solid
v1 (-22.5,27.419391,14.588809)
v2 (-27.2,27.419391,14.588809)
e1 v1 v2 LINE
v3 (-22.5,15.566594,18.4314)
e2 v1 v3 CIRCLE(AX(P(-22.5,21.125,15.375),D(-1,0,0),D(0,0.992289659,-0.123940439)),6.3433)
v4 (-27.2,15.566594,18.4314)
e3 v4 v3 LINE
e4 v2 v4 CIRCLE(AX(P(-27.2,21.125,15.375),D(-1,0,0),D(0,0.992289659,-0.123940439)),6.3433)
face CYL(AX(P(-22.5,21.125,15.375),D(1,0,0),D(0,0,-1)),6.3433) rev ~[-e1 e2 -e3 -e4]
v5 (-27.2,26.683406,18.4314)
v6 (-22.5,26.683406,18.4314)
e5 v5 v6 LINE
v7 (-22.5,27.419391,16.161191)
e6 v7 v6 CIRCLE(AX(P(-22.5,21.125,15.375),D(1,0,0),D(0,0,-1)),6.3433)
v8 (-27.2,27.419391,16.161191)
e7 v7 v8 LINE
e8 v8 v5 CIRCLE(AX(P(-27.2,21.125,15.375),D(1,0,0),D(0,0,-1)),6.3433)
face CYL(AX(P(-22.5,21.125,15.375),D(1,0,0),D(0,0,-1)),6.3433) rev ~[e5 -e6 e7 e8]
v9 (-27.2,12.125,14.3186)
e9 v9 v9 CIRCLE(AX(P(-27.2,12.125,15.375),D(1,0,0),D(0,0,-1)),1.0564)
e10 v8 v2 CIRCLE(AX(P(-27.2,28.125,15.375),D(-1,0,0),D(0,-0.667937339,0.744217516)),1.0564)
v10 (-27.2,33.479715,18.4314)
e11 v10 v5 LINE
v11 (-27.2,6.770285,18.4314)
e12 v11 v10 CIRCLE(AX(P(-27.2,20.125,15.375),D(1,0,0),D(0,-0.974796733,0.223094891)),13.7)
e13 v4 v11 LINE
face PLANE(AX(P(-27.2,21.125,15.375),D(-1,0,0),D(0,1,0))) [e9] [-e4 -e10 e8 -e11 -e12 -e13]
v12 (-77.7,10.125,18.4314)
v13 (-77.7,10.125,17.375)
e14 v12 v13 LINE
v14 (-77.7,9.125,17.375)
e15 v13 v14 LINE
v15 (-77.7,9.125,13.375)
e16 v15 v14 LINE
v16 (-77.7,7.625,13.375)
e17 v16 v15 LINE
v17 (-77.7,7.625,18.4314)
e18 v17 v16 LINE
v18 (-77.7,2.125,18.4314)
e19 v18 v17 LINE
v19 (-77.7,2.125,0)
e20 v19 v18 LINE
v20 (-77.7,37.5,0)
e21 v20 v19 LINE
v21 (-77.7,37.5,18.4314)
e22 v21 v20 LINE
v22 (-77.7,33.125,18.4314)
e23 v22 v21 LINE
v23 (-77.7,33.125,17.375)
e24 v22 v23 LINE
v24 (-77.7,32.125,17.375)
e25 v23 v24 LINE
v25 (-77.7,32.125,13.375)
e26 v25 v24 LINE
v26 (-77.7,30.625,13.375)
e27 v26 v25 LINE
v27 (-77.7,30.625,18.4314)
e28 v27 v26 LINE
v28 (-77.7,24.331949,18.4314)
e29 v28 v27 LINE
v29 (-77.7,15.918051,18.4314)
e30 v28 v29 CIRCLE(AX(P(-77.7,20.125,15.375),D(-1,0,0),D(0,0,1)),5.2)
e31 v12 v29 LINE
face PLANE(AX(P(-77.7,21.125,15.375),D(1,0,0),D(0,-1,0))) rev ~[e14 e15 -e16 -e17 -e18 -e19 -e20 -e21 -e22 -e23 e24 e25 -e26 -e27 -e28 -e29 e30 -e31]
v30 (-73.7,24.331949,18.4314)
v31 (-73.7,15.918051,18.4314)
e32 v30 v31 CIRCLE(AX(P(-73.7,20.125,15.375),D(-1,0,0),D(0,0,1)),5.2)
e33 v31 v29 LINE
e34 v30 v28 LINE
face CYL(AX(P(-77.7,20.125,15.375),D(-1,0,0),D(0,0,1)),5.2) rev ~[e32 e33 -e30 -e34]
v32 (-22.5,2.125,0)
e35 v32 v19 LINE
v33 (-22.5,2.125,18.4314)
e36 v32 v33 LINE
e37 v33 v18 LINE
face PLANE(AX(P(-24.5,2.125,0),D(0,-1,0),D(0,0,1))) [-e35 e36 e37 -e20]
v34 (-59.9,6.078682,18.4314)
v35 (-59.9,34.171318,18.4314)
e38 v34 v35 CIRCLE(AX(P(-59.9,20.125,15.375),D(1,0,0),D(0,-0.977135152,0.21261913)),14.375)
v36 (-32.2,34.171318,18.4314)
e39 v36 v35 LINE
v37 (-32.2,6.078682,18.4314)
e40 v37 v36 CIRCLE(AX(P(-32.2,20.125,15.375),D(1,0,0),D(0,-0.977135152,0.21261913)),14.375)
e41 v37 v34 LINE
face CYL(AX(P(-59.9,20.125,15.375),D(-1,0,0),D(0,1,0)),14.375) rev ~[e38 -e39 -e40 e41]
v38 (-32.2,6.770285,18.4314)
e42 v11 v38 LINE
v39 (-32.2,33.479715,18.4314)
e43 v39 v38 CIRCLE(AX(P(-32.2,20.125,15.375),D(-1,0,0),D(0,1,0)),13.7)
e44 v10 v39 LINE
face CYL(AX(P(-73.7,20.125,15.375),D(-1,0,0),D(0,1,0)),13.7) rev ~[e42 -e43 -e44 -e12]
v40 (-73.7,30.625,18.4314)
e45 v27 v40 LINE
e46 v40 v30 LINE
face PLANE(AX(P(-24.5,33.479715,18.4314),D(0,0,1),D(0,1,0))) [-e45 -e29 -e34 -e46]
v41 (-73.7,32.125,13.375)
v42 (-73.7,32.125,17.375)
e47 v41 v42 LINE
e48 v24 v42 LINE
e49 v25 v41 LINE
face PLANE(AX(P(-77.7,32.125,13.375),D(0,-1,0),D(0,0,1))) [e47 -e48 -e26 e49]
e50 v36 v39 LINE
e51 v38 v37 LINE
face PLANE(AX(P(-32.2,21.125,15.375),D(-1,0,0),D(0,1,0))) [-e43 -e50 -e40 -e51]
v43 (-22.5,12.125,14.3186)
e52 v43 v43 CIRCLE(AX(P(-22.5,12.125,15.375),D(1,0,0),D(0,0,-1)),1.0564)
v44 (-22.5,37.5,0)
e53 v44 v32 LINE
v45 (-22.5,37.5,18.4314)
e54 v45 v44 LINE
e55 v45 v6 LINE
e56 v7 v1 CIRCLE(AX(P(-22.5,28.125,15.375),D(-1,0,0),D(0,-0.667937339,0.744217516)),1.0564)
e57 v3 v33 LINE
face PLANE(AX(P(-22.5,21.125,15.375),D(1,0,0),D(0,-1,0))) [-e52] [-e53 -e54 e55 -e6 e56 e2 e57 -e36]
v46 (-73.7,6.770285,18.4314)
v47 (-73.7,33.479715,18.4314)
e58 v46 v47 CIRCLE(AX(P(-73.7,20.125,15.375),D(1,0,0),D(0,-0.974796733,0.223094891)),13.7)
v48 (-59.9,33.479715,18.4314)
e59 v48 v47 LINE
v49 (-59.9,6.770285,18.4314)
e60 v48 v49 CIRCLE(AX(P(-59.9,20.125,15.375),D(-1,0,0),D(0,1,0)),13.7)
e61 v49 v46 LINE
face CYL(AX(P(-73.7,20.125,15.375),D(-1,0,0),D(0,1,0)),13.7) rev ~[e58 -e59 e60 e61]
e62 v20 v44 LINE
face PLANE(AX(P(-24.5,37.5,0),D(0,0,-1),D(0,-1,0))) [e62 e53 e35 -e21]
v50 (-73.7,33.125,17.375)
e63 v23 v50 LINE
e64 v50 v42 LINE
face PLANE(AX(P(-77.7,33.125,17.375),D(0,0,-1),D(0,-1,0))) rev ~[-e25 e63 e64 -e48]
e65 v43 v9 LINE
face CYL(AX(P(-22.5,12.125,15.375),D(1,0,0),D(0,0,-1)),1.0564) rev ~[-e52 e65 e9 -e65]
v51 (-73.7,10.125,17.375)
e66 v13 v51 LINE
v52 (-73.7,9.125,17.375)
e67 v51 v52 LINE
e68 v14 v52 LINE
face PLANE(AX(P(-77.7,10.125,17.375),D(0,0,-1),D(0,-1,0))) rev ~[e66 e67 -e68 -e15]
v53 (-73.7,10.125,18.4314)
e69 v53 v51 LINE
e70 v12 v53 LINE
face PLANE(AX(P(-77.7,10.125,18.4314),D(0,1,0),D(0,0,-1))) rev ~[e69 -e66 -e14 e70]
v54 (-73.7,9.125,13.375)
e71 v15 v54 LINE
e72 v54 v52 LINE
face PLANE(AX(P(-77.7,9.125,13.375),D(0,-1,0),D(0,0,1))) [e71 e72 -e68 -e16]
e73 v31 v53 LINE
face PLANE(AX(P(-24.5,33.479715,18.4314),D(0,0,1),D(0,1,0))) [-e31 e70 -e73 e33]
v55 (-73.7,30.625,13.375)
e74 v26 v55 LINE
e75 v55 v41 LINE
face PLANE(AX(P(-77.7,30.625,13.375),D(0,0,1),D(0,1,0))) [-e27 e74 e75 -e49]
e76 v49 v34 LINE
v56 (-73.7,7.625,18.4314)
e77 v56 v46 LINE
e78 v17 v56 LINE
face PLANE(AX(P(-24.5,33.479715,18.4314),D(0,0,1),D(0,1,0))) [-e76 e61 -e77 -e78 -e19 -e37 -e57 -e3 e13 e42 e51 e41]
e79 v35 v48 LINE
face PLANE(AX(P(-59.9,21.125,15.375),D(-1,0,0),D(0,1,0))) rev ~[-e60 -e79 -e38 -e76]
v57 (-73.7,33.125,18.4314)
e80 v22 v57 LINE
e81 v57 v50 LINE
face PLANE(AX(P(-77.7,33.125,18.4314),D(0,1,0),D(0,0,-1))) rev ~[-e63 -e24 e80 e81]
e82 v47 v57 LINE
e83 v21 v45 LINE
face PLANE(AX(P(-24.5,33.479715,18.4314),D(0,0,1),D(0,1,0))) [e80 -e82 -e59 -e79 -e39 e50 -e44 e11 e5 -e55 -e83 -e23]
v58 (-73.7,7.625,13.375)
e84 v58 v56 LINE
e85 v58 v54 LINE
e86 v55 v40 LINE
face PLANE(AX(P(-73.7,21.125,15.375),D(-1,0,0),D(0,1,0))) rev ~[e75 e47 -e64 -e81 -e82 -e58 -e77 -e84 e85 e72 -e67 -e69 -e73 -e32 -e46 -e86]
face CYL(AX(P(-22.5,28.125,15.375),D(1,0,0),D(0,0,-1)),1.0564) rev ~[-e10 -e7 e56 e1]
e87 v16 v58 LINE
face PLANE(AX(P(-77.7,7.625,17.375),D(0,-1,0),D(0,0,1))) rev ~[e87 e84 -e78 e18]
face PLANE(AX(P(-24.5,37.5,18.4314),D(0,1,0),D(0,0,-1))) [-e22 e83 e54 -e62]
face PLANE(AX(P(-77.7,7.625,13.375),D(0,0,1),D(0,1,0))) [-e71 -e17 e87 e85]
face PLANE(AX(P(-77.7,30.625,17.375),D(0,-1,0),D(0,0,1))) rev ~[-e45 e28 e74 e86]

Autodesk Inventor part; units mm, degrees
ref_plane "Work Plane1" through (-24.5, 21.125, 15.375) normal (1, 0, 0) x (0, -1, 0)
sketch "Sketch1" plane through (-24.5, 21.125, 15.375) normal (1, 0, 0) x (0, -1, 0)
  line L0 (-16.375, 15.375) -> (19, 15.375)
  line L1 (19, 15.375) -> (19, -3.0564)
  line L2 (19, -3.0564) -> (-16.375, -3.0564)
  line L3 (-16.375, -3.0564) -> (-16.375, 15.375)
  circle A0 centre (1, 0) radius 5 projected
  circle A1 centre (9, 0) radius 1.0564 projected
  circle A2 centre (-7, 0) radius 1.0564 projected
  circle A3 centre (1, 0) radius 5 projected
  circle A4 centre (1, 0) radius 13.7 projected
  line L4 (93.625, 18.375) -> (-16.375, 18.375) projected
  line L5 (-16.375, 18.375) -> (-16.375, 15.375) projected
  line L6 (93.625, 15.375) -> (-16.375, 15.375) projected
  line L7 (93.625, 18.375) -> (93.625, 15.375) projected
  point P0 (21.125, 15.375)
  point P1 (9, -1.0564)
  dimension "d5" = 2.1129
  dimension "d0" = 2
  dimension "d2" = 17.375
  dimension "d3" = 18
  dimension "d6" = 1.0564
extrude "Extrusion1" add sketch "Sketch1" along normal blind 2 and the other way blind 53.2 contours L0 L1 L2 A4 L3 | A4 L2 A0 | A0 L2 | A1 | A2 picked at (8.3146, 4.455) picked at (0.6453, -0.039)
sketch "Sketch2" plane through (-77.7, 21.125, 15.375) normal (-1, 0, 0) x (0, 0, 1)
  circle A0 centre (0, -1) radius 5 projected
  line L0 (-1.5, 10) -> (1.5, 10) projected
  line L1 (1.5, 10) -> (1.5, 10.5) projected
  line L2 (1.5, 10.5) -> (-1.5, 10.5) projected
  line L3 (-1.5, 10.5) -> (-1.5, 10) projected
  line L4 (1.5, -12.5) -> (-1.5, -12.5) projected
  line L5 (-1.5, -12.5) -> (-1.5, -13) projected
  line L6 (-1.5, -13) -> (1.5, -13) projected
  line L7 (1.5, -13) -> (1.5, -12.5) projected
  line L8 (2, 9.5) -> (-2, 9.5)
  line L9 (-2, 9.5) -> (-2, 11)
  line L10 (-2, 11) -> (2, 11)
  line L11 (2, 11) -> (2, 9.5)
  line L12 (2, -13.5) -> (-2, -13.5)
  line L13 (-2, -13.5) -> (-2, -12)
  line L14 (-2, -12) -> (2, -12)
  line L15 (2, -12) -> (2, -13.5)
  circle A1 centre (0, -1) radius 5.2
  line L16 (3.0564, 16.375) -> (3.0564, -19) projected
  line L17 (2, 9.5) -> (3.0564, 9.5)
  line L18 (3.0564, 9.5) -> (3.0564, 12)
  line L19 (3.0564, 12) -> (2, 12)
  line L20 (2, 12) -> (2, 9.5)
  line L21 (2, -13.5) -> (3.0564, -13.5)
  line L22 (3.0564, -13.5) -> (3.0564, -11)
  line L23 (3.0564, -11) -> (2, -11)
  line L24 (2, -11) -> (2, -13.5)
  point P0 (-15.375, -21.125)
  point P1 (2, -11)
  point P2 (3.0564, -13.5)
  point P3 (3.0564, -11)
  point P4 (2, 12)
  point P5 (3.0564, 9.5)
  dimension "d11" = 0.5
  dimension "d12" = 0.5
  dimension "d13" = 0.2
ref_plane "Work Plane2" through (-73.7, 7.425, 1.675) normal (-1, 0, 0) x (0, 0, 1)
extrude "Extrusion2" cut sketch "Sketch2" against normal up to surface (4 mm away) contours A0 L16 | A0 L16 A1 | L16 A0 | A0 L16 A1 | L16 L21 L15 L24 L23 | L17 L11 L20 L19 L16 | L8 L9 L10 L11 | L12 L13 L14 L15 | L3 L2 L1 L0 | L7 L6 L5 L4
ref_plane "Work Plane3" through (-73.7, 21.125, 15.375) normal (-1, 0, 0) x (0, 1, 0)
sketch "Sketch3" plane through (-73.7, 21.125, 15.375) normal (-1, 0, 0) x (0, 1, 0)
  line L0 (10, 1.5) -> (10.5, 1.5) projected
  line L1 (10.5, 1.5) -> (10.5, -1.5) projected
  line L2 (10.5, -1.5) -> (10, -1.5) projected
  line L3 (10, -1.5) -> (10, 1.5) projected
  line L4 (-12.5, -1.5) -> (-13, -1.5) projected
  line L5 (-13, -1.5) -> (-13, 1.5) projected
  line L6 (-13, 1.5) -> (-12.5, 1.5) projected
  line L7 (-12.5, 1.5) -> (-12.5, -1.5) projected
  circle A0 centre (-1, 0) radius 5 projected
  circle A1 centre (-1, 0) radius 13.7 projected
  point P0 (-21.125, 15.375)
ref_plane "Work Plane4" through (-27.2, 7.425, 1.675) normal (1, 0, 0) x (0, 1, 0)
extrude "Extrusion3" cut sketch "Sketch3" against normal up to surface (46.5 mm away) contours L0 L1 L2 L3 | L4 L5 L6 L7 | A0 | A1
ref_plane "Work Plane5" through (-59.9, 21.125, 15.375) normal (-1, 0, 0) x (0, 1, 0)
sketch "Sketch4" plane through (-59.9, 21.125, 15.375) normal (-1, 0, 0) x (0, 1, 0)
  circle A0 centre (-1, 0) radius 14.375 projected
  point P0 (-21.125, 15.375)
ref_plane "Work Plane6" through (-32.2, 6.75, 1) normal (1, 0, 0) x (0, 1, 0)
extrude "Extrusion4" cut sketch "Sketch4" against normal up to surface (27.7 mm away)
sketch "Sketch5" plane through (-22.5, 21.125, 15.375) normal (1, 0, 0) x (0, 0, -1)
  circle A0 centre (0, -9) radius 1.0564 projected
  circle A1 centre (0, 7) radius 1.0564 projected
  arc A2 (5.1468, 2.7666) -> (3.0755, 2.3394) centre (5.0543, -2.0206) ccw projected
  arc A3 (3.0755, 2.3394) -> (2.6716, 2.7917) centre (0, 0) ccw projected
  arc A4 (2.6716, 2.7917) -> (3.3299, 4.8016) centre (-1.4371, 5.2501) ccw projected
  arc A5 (3.3299, 4.8016) -> (2.5377, 5.2634) centre (0, 0) ccw projected
  arc A6 (2.5377, 5.2634) -> (1.113, 3.7003) centre (5.2767, 1.3362) ccw projected
  arc A7 (1.113, 3.7003) -> (0.5205, 3.8289) centre (0, 0) ccw projected
  arc A8 (0.5205, 3.8289) -> (-0.1284, 5.8419) centre (-4.2486, 3.4027) ccw projected
  arc A9 (-0.1284, 5.8419) -> (-1.0407, 5.7498) centre (0, 0) ccw projected
  arc A10 (-1.0407, 5.7498) -> (-1.2746, 3.6479) centre (3.4835, 4.1825) ccw projected
  arc A11 (-1.2746, 3.6479) -> (-1.8295, 3.4036) centre (0, 0) ccw projected
  arc A12 (-1.8295, 3.4036) -> (-3.5377, 4.6507) centre (-5.4372, 0.2556) ccw projected
  arc A13 (-3.5377, 4.6507) -> (-4.2216, 4.04) centre (0, 0) ccw projected
  arc A14 (-4.2216, 4.04) -> (-3.1753, 2.202) centre (0.3598, 5.4313) ccw projected
  arc A15 (-3.1753, 2.202) -> (-3.4807, 1.6782) centre (0, 0) ccw projected
  arc A16 (-3.4807, 1.6782) -> (-5.5956, 1.6831) centre (-4.549, -2.9892) ccw projected
  arc A17 (-5.5956, 1.6831) -> (-5.79, 0.787) centre (0, 0) ccw projected
  arc A18 (-5.79, 0.787) -> (-3.8632, -0.0849) centre (-2.9013, 4.6055) ccw projected
  arc A19 (-3.8632, -0.0849) -> (-3.8023, -0.6882) centre (0, 0) ccw projected
  arc A20 (-3.8023, -0.6882) -> (-5.5163, -1.9274) centre (-1.9232, -5.0921) ccw projected
  arc A21 (-5.5163, -1.9274) -> (-5.1468, -2.7666) centre (0, 0) ccw projected
  arc A22 (-5.1468, -2.7666) -> (-3.0755, -2.3394) centre (-5.0543, 2.0206) ccw projected
  arc A23 (-3.0755, -2.3394) -> (-2.6716, -2.7917) centre (0, 0) ccw projected
  arc A24 (-2.6716, -2.7917) -> (-3.3299, -4.8016) centre (1.4371, -5.2501) ccw projected
  arc A25 (-3.3299, -4.8016) -> (-2.5377, -5.2634) centre (0, 0) ccw projected
  arc A26 (-2.5377, -5.2634) -> (-1.113, -3.7003) centre (-5.2767, -1.3362) ccw projected
  arc A27 (-1.113, -3.7003) -> (-0.5205, -3.8289) centre (0, 0) ccw projected
  arc A28 (-0.5205, -3.8289) -> (0.1284, -5.8419) centre (4.2486, -3.4027) ccw projected
  arc A29 (0.1284, -5.8419) -> (1.0407, -5.7498) centre (0, 0) ccw projected
  arc A30 (1.0407, -5.7498) -> (1.2746, -3.6479) centre (-3.4835, -4.1825) ccw projected
  arc A31 (1.2746, -3.6479) -> (1.8295, -3.4036) centre (0, 0) ccw projected
  arc A32 (1.8295, -3.4036) -> (3.5377, -4.6507) centre (5.4372, -0.2556) ccw projected
  arc A33 (3.5377, -4.6507) -> (4.2216, -4.04) centre (0, 0) ccw projected
  arc A34 (4.2216, -4.04) -> (3.1753, -2.202) centre (-0.3598, -5.4313) ccw projected
  arc A35 (3.1753, -2.202) -> (3.4807, -1.6782) centre (0, 0) ccw projected
  arc A36 (3.4807, -1.6782) -> (5.5956, -1.6831) centre (4.549, 2.9892) ccw projected
  arc A37 (5.5956, -1.6831) -> (5.79, -0.787) centre (0, 0) ccw projected
  arc A38 (5.79, -0.787) -> (3.8632, 0.0849) centre (2.9013, -4.6055) ccw projected
  arc A39 (3.8632, 0.0849) -> (3.8023, 0.6882) centre (0, 0) ccw projected
  arc A40 (3.8023, 0.6882) -> (5.5163, 1.9274) centre (1.9232, 5.0921) ccw projected
  arc A41 (5.5163, 1.9274) -> (5.1468, 2.7666) centre (0, 0) ccw projected
  circle A42 centre (0, 0) radius 5.8433
  circle A43 centre (0, 0) radius 6.3433
  point P0 (15.375, -21.125)
  dimension "d20" = 0.5
extrude "Extrusion5" cut sketch "Sketch5" along normal mid plane 10 contours A0 | A1 A43 | A43 A1 | A1 A43 | A41 A40 A39 A38 A37 A36 A35 A34 A33 A32 A31 A30 A29 A28 A27 A26 A25 A24 A23 A22 A21 A20 A19 A18 A17 A16 A15 A14 A13 A12 A11 A10 A9 A8 A7 A6 A5 A4 A3 A2 | A2 A3 A4 A42 | A42 A38 A39 A40 | A6 A7 A8 A42 | A42 A34 A35 A36 | A10 A11 A12 A42 | A42 A30 A31 A32 | A14 A15 A16 A42 | A42 A26 A27 A28 | A18 A19 A20 A42 | A42 A22 A23 A24
sketch "Sketch6" plane through (-77.7, 37.5, 18.4314) normal (0, 0, 1) x (1, 0, 0)
  line L0 (50.5, -10.8166) -> (55.2, -10.8166) projected
  line L1 (55.2, 0) -> (55.2, -10.8166) projected
  line L2 (0, 0) -> (55.2, 0) projected
  line L3 (0, -4.375) -> (0, 0) projected
  line L4 (0, -4.375) -> (4, -4.375) projected
  line L5 (4, -30.7297) -> (4, -29.875) projected
  line L6 (4, -4.0203) -> (17.8, -4.0203) projected
  line L7 (17.8, -4.0203) -> (17.8, -3.3287) projected
  line L8 (17.8, -3.3287) -> (45.5, -3.3287) projected
  line L9 (45.5, -3.3287) -> (45.5, -4.0203) projected
  line L10 (45.5, -4.0203) -> (50.5, -4.0203) projected
  line L11 (50.5, -4.0203) -> (50.5, -10.8166) projected
  line L12 (55.2, -21.9334) -> (50.5, -21.9334) projected
  line L13 (50.5, -21.9334) -> (50.5, -30.7297) projected
  line L14 (50.5, -30.7297) -> (45.5, -30.7297) projected
  line L15 (45.5, -30.7297) -> (45.5, -31.4213) projected
  line L16 (45.5, -31.4213) -> (17.8, -31.4213) projected
  line L17 (17.8, -31.4213) -> (17.8, -30.7297) projected
  line L18 (4, -30.7297) -> (4, -29.875) projected
  line L19 (4, -29.875) -> (0, -29.875) projected
  line L20 (0, -35.375) -> (0, -29.875) projected
  line L21 (55.2, -35.375) -> (0, -35.375) projected
  line L22 (55.2, -21.9334) -> (55.2, -35.375) projected
  line L23 (50.5, -10.8166) -> (55.2, -10.8166) projected
  line L24 (55.2, 0) -> (55.2, -10.8166) projected
  line L25 (0, 0) -> (55.2, 0) projected
  line L26 (0, -4.375) -> (0, 0) projected
  line L27 (0, -4.375) -> (4, -4.375) projected
  line L28 (4, -4.375) -> (4, -4.0203) projected
  line L29 (4, -4.0203) -> (17.8, -4.0203) projected
  line L30 (45.5, -4.0203) -> (50.5, -4.0203) projected
  line L31 (50.5, -4.0203) -> (50.5, -10.8166) projected
  line L32 (17.8, -4.0203) -> (17.8, -3.3287) projected
  line L33 (17.8, -3.3287) -> (45.5, -3.3287) projected
  line L34 (45.5, -3.3287) -> (45.5, -4.0203) projected
  line L35 (17.8, -30.7297) -> (4, -30.7297) projected
  line L36 (4, -27.375) -> (4, -21.5819) projected
  line L37 (4, -21.5819) -> (0, -21.5819) projected
  line L38 (0, -27.375) -> (0, -21.5819) projected
  line L39 (0, -27.375) -> (4, -27.375) projected
  line L40 (4, -13.1681) -> (4, -6.875) projected
  line L41 (4, -6.875) -> (0, -6.875) projected
  line L42 (0, -13.1681) -> (0, -6.875) projected
  line L43 (0, -13.1681) -> (4, -13.1681) projected
  line L44 (4, -27.375) -> (4, -21.5819) projected
  line L45 (4, -21.5819) -> (0, -21.5819) projected
  line L46 (0, -27.375) -> (0, -21.5819) projected
  line L47 (0, -27.375) -> (4, -27.375) projected
  line L48 (4, -13.1681) -> (4, -6.875) projected
  line L49 (4, -6.875) -> (0, -6.875) projected
  line L50 (0, -13.1681) -> (0, -6.875) projected
  line L51 (0, -13.1681) -> (4, -13.1681) projected
  line L52 (55.2, -21.9334) -> (50.5, -21.9334) projected
  line L53 (50.5, -21.9334) -> (50.5, -30.7297) projected
  line L54 (50.5, -30.7297) -> (45.5, -30.7297) projected
  line L55 (45.5, -30.7297) -> (45.5, -31.4213) projected
  line L56 (45.5, -31.4213) -> (17.8, -31.4213) projected
  line L57 (17.8, -31.4213) -> (17.8, -30.7297) projected
  line L58 (17.8, -30.7297) -> (4, -30.7297) projected
  line L59 (4, -29.875) -> (0, -29.875) projected
  line L60 (0, -35.375) -> (0, -29.875) projected
  line L61 (55.2, -35.375) -> (0, -35.375) projected
  line L62 (55.2, -21.9334) -> (55.2, -35.375) projected
  line L63 (4, -4.375) -> (4, -4.0203) projected
  point P0 (77.7, -37.5)
  point P1 (2, -2)
  point P2 (53.2, -2)
  point P3 (53.2, -33.375)
  point P4 (2, -33.375)
  dimension "d23" = 2
  dimension "d24" = 2
  dimension "d25" = 2
  dimension "d26" = 2
  dimension "d27" = 2
  dimension "d28" = 2
  dimension "d29" = 2
  dimension "d30" = 2
equation "\"d6\" = 0.5 * d5"
properties part number "right_motor_mount"
